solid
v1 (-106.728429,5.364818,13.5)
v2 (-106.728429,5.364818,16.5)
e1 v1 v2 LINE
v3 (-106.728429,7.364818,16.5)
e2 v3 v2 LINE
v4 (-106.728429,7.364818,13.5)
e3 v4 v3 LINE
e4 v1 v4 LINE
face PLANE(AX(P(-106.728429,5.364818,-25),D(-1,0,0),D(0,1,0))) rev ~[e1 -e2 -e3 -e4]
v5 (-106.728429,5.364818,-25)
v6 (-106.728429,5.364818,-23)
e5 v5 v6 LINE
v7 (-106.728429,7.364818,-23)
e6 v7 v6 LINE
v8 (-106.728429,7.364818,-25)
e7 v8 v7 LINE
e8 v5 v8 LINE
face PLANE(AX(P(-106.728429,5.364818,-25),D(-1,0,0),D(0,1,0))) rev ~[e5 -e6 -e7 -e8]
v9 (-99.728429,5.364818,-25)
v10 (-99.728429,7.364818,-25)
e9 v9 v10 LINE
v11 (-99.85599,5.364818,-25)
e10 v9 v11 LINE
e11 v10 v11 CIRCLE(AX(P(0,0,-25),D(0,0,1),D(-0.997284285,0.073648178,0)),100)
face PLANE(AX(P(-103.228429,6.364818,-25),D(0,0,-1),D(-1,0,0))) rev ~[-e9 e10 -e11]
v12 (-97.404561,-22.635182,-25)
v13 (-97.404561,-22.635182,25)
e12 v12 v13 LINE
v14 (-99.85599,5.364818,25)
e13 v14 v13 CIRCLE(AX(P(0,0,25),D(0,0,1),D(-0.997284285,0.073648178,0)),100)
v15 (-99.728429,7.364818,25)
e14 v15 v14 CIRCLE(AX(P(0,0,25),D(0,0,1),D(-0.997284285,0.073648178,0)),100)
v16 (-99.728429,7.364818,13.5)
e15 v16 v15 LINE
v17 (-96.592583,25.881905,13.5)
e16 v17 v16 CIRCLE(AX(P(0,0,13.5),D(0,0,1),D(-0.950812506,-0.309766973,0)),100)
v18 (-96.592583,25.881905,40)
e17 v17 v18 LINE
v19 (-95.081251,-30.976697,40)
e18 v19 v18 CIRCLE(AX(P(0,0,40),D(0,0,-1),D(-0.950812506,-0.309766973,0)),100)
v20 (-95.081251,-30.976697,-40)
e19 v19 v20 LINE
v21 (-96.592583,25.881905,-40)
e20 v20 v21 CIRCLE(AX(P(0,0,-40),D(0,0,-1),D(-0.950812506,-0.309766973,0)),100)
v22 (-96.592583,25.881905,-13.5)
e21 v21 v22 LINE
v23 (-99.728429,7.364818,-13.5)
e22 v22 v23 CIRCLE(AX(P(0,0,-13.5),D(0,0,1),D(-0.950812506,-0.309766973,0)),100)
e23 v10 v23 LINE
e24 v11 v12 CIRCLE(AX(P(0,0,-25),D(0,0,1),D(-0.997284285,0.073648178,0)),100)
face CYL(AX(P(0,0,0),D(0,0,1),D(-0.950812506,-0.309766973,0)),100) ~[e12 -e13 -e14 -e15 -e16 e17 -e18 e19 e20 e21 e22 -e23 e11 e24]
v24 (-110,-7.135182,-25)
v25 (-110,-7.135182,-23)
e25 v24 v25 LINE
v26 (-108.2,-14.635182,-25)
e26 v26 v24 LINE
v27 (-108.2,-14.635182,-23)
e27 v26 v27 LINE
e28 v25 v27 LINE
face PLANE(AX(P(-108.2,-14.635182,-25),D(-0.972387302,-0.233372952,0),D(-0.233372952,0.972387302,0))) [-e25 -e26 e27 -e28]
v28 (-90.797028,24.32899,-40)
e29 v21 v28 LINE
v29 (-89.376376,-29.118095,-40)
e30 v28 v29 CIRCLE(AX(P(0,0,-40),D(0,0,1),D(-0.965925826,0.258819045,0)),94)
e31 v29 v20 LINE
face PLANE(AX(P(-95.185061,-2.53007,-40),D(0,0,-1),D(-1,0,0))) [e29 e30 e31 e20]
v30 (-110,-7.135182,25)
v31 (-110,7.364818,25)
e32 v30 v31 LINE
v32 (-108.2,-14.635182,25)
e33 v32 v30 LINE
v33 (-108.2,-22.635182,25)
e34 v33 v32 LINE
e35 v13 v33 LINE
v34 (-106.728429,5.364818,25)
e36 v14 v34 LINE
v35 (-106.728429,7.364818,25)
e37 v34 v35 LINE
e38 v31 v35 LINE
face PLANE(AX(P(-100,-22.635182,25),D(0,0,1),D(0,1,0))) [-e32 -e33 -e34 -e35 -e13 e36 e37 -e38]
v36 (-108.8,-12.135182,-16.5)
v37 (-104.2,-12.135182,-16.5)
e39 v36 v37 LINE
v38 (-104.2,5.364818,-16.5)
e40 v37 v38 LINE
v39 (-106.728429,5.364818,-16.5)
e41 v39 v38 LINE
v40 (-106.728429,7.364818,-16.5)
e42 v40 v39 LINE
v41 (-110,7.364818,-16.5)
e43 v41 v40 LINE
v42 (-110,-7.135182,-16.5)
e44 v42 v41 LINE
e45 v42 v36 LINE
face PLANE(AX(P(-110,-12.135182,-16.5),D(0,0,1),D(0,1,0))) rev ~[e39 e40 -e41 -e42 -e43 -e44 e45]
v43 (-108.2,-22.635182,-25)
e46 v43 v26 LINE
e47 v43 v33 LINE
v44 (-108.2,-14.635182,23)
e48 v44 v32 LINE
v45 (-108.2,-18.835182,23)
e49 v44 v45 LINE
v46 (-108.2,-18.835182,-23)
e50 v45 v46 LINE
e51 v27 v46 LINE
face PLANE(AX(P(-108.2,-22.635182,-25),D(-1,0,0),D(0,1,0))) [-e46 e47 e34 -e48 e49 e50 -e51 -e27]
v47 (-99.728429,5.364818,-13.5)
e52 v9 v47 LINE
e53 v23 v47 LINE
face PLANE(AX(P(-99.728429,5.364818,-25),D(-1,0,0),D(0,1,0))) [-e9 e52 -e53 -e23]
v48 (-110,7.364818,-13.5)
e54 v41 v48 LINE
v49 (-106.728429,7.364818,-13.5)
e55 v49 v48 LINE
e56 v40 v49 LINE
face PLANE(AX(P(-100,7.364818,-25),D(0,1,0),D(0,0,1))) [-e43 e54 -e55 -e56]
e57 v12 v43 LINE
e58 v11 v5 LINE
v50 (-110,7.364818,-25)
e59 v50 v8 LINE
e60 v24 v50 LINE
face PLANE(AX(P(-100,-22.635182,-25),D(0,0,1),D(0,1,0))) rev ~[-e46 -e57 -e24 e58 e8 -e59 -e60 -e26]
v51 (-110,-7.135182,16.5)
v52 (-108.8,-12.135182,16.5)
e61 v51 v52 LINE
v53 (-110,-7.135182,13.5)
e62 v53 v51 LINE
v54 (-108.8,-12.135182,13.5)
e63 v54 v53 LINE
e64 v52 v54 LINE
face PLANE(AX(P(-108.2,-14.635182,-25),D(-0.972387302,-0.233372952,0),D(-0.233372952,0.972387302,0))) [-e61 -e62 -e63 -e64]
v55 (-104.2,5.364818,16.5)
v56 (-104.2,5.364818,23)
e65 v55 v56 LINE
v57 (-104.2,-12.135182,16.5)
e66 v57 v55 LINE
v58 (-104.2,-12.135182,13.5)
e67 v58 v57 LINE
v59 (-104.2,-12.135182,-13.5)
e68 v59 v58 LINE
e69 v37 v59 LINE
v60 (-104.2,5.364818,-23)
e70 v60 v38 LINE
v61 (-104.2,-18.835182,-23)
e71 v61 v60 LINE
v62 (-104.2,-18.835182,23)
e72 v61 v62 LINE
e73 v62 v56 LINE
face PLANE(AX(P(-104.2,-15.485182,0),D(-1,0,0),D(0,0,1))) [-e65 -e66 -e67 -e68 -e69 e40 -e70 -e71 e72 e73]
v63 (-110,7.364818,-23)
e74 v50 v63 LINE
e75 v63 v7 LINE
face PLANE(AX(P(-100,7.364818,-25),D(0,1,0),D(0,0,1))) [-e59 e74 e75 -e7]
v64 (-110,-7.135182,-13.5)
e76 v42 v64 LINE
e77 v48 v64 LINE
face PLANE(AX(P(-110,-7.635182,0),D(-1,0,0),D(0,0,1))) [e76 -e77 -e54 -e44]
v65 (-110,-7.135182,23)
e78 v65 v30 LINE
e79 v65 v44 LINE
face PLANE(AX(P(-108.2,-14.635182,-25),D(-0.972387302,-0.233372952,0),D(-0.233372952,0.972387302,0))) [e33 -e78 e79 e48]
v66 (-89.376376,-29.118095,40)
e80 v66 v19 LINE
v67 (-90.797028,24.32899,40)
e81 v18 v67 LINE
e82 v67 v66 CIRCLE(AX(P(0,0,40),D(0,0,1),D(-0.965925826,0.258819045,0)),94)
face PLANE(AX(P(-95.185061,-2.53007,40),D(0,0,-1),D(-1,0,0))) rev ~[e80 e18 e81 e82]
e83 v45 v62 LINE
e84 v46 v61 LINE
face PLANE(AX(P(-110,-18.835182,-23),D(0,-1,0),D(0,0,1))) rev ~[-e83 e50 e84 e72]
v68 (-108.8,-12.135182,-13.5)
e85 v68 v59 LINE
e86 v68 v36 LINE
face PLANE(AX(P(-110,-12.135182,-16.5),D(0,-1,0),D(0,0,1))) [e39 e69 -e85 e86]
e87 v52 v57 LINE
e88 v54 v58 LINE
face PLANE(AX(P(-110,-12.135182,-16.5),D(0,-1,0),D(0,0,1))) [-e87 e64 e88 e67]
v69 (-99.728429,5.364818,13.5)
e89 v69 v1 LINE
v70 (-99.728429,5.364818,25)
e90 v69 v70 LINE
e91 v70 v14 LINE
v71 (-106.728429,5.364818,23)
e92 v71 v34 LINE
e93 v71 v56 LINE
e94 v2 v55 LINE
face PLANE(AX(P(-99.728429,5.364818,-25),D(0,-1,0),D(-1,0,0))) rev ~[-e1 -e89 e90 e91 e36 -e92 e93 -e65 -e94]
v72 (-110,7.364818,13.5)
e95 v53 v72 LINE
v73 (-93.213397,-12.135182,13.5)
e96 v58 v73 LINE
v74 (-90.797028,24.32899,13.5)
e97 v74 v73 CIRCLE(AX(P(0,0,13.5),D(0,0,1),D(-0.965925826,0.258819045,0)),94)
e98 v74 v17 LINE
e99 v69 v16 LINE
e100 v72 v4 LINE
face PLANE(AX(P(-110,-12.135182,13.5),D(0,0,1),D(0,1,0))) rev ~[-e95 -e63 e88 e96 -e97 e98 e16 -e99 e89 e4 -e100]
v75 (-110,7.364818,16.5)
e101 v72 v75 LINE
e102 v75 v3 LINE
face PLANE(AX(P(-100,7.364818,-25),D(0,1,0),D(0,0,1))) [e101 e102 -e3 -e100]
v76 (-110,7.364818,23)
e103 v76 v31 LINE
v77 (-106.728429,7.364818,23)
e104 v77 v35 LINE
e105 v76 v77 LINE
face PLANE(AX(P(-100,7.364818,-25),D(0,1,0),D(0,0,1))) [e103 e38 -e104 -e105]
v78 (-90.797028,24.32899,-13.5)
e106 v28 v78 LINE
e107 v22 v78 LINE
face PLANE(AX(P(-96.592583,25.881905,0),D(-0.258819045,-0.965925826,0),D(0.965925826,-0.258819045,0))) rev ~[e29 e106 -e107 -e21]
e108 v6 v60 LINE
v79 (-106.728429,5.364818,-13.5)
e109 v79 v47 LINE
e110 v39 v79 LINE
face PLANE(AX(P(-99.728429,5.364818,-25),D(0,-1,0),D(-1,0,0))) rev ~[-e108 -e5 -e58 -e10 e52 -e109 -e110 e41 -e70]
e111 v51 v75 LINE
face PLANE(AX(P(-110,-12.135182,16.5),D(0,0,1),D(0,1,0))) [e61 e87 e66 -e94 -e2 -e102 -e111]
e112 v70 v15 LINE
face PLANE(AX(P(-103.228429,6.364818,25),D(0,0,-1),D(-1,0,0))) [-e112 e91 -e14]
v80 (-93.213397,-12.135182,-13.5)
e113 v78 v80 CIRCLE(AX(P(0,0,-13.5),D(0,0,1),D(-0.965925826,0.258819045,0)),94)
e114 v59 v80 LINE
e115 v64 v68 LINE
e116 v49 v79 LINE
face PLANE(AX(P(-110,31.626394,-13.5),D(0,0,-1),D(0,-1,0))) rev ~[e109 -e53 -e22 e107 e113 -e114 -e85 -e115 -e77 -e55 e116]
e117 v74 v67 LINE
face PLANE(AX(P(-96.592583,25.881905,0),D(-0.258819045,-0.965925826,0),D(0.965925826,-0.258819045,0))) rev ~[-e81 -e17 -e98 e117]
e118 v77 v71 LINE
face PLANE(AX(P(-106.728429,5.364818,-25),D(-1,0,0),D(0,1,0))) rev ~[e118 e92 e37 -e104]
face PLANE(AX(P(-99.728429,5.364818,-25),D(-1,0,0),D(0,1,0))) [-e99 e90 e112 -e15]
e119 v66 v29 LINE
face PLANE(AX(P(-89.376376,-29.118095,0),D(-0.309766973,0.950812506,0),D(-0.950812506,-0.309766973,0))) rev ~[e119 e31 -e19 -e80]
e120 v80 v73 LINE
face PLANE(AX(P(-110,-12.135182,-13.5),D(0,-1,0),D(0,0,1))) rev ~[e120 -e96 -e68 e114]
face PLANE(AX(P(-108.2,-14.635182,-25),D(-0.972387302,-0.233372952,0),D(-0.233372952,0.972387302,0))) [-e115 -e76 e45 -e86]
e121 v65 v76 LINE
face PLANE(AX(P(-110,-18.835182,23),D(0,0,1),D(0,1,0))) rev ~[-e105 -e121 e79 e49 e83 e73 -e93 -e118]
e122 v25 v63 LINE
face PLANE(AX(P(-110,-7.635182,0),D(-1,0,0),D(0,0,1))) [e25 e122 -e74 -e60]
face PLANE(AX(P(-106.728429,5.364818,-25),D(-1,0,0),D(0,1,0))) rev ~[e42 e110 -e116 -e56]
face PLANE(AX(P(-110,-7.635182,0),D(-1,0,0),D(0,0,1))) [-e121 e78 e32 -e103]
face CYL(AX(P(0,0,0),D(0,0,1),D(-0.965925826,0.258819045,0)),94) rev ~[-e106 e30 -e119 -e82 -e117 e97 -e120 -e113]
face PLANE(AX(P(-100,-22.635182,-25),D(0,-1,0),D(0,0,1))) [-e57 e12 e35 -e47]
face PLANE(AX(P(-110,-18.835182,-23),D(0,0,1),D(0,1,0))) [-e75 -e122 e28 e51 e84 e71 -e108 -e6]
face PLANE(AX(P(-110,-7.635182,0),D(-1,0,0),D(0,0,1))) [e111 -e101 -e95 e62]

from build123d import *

# Parameters (mm, degrees)
BOSS_EXTRUDE2_DEPTH      = 40
BOSS_EXTRUDE2_DEPTH_BACK = 40
SKETCH5_W                = 50
SKETCH5_H                = 30
BOSS_EXTRUDE1_DEPTH      = 10
BOSS_EXTRUDE1_DEPTH_BACK = 4
SKETCH6_W                = 33
SKETCH6_H                = 6.7
SKETCH6_W_2              = 6.5
SKETCH6_H_2              = 26.2
CUT_EXTRUDE1_DEPTH       = 5.8
CUT_EXTRUDE2_DEPTH       = 50
SKETCH8_W                = 7
SKETCH8_H                = 2
CUT_EXTRUDE3_DEPTH       = 50
SKETCH9_W                = 27
SKETCH9_H                = 14.5
SKETCH9_H_2              = 5
SKETCH9_H_3              = 24.261575761
CUT_EXTRUDE4_DEPTH       = 21.623624402


with BuildPart() as part:
    # Sketch3 → Boss-Extrude2 (new body, two sides)
    with BuildSketch(Plane.XY) as boss_extrude2_sk:
        with BuildLine():
            ThreePointArc((-90.797027671, 24.32899024), (-93.966810921, -2.497688001), (-89.376375598, -29.11809549))
            Line((-89.376375598, -29.11809549), (-95.081250636, -30.97669733))
            ThreePointArc((-95.081250636, -30.97669733), (-99.964692469, -2.657114895), (-96.592582629, 25.88190451))
            Line((-96.592582629, 25.88190451), (-90.797027671, 24.32899024))
        make_face()
    extrude(amount=BOSS_EXTRUDE2_DEPTH)
    extrude(boss_extrude2_sk.sketch, amount=-BOSS_EXTRUDE2_DEPTH_BACK)

    # Sketch5 → Boss-Extrude1 (add, two sides)
    with BuildSketch(Plane.ZY.offset(100)) as boss_extrude1_sk:
        with Locations((0, -7.635182233)):
            Rectangle(SKETCH5_W, SKETCH5_H)
    extrude(amount=BOSS_EXTRUDE1_DEPTH)
    extrude(boss_extrude1_sk.sketch, amount=-BOSS_EXTRUDE1_DEPTH_BACK)

    # Sketch6 → Cut-Extrude1 (cut)
    with BuildSketch(Plane.ZY.offset(110)):
        with Locations((0, -15.485182233)):
            Rectangle(SKETCH6_W, SKETCH6_H)
        with Locations((-19.75, -5.735182233)):
            Rectangle(SKETCH6_W_2, SKETCH6_H_2)
        with Locations((19.75, -5.735182233)):
            Rectangle(SKETCH6_W_2, SKETCH6_H_2)
    extrude(amount=-CUT_EXTRUDE1_DEPTH, mode=Mode.SUBTRACT)

    # Sketch7 → Cut-Extrude2 (cut)
    with BuildSketch(Plane(origin=(0, 0, -25), x_dir=(-1, 0, 0), z_dir=(0, 0, -1))):
        Polygon((108.2, -22.635182233), (108.2, -14.635182233), (110, -7.135182233), (110, -22.635182233), align=None)
    extrude(amount=-CUT_EXTRUDE2_DEPTH, mode=Mode.SUBTRACT)

    # Sketch8 → Cut-Extrude3 (cut)
    with BuildSketch(Plane(origin=(0, 0, -25), x_dir=(-1, 0, 0), z_dir=(0, 0, -1))):
        with Locations((103.228428541, 6.364817767)):
            Rectangle(SKETCH8_W, SKETCH8_H)
    extrude(amount=-CUT_EXTRUDE3_DEPTH, mode=Mode.SUBTRACT)

    # Sketch9 → Cut-Extrude4 (cut, through all)
    with BuildSketch(Plane.ZY.offset(110)):
        with Locations((0, 0.114817767)):
            Rectangle(SKETCH9_W, SKETCH9_H)
        with Locations((0, -9.635182233)):
            Rectangle(SKETCH9_W, SKETCH9_H_2)
        with Locations((0, 19.495605647)):
            Rectangle(SKETCH9_W, SKETCH9_H_3)
    extrude(amount=-CUT_EXTRUDE4_DEPTH, mode=Mode.SUBTRACT)


solid = part.part
